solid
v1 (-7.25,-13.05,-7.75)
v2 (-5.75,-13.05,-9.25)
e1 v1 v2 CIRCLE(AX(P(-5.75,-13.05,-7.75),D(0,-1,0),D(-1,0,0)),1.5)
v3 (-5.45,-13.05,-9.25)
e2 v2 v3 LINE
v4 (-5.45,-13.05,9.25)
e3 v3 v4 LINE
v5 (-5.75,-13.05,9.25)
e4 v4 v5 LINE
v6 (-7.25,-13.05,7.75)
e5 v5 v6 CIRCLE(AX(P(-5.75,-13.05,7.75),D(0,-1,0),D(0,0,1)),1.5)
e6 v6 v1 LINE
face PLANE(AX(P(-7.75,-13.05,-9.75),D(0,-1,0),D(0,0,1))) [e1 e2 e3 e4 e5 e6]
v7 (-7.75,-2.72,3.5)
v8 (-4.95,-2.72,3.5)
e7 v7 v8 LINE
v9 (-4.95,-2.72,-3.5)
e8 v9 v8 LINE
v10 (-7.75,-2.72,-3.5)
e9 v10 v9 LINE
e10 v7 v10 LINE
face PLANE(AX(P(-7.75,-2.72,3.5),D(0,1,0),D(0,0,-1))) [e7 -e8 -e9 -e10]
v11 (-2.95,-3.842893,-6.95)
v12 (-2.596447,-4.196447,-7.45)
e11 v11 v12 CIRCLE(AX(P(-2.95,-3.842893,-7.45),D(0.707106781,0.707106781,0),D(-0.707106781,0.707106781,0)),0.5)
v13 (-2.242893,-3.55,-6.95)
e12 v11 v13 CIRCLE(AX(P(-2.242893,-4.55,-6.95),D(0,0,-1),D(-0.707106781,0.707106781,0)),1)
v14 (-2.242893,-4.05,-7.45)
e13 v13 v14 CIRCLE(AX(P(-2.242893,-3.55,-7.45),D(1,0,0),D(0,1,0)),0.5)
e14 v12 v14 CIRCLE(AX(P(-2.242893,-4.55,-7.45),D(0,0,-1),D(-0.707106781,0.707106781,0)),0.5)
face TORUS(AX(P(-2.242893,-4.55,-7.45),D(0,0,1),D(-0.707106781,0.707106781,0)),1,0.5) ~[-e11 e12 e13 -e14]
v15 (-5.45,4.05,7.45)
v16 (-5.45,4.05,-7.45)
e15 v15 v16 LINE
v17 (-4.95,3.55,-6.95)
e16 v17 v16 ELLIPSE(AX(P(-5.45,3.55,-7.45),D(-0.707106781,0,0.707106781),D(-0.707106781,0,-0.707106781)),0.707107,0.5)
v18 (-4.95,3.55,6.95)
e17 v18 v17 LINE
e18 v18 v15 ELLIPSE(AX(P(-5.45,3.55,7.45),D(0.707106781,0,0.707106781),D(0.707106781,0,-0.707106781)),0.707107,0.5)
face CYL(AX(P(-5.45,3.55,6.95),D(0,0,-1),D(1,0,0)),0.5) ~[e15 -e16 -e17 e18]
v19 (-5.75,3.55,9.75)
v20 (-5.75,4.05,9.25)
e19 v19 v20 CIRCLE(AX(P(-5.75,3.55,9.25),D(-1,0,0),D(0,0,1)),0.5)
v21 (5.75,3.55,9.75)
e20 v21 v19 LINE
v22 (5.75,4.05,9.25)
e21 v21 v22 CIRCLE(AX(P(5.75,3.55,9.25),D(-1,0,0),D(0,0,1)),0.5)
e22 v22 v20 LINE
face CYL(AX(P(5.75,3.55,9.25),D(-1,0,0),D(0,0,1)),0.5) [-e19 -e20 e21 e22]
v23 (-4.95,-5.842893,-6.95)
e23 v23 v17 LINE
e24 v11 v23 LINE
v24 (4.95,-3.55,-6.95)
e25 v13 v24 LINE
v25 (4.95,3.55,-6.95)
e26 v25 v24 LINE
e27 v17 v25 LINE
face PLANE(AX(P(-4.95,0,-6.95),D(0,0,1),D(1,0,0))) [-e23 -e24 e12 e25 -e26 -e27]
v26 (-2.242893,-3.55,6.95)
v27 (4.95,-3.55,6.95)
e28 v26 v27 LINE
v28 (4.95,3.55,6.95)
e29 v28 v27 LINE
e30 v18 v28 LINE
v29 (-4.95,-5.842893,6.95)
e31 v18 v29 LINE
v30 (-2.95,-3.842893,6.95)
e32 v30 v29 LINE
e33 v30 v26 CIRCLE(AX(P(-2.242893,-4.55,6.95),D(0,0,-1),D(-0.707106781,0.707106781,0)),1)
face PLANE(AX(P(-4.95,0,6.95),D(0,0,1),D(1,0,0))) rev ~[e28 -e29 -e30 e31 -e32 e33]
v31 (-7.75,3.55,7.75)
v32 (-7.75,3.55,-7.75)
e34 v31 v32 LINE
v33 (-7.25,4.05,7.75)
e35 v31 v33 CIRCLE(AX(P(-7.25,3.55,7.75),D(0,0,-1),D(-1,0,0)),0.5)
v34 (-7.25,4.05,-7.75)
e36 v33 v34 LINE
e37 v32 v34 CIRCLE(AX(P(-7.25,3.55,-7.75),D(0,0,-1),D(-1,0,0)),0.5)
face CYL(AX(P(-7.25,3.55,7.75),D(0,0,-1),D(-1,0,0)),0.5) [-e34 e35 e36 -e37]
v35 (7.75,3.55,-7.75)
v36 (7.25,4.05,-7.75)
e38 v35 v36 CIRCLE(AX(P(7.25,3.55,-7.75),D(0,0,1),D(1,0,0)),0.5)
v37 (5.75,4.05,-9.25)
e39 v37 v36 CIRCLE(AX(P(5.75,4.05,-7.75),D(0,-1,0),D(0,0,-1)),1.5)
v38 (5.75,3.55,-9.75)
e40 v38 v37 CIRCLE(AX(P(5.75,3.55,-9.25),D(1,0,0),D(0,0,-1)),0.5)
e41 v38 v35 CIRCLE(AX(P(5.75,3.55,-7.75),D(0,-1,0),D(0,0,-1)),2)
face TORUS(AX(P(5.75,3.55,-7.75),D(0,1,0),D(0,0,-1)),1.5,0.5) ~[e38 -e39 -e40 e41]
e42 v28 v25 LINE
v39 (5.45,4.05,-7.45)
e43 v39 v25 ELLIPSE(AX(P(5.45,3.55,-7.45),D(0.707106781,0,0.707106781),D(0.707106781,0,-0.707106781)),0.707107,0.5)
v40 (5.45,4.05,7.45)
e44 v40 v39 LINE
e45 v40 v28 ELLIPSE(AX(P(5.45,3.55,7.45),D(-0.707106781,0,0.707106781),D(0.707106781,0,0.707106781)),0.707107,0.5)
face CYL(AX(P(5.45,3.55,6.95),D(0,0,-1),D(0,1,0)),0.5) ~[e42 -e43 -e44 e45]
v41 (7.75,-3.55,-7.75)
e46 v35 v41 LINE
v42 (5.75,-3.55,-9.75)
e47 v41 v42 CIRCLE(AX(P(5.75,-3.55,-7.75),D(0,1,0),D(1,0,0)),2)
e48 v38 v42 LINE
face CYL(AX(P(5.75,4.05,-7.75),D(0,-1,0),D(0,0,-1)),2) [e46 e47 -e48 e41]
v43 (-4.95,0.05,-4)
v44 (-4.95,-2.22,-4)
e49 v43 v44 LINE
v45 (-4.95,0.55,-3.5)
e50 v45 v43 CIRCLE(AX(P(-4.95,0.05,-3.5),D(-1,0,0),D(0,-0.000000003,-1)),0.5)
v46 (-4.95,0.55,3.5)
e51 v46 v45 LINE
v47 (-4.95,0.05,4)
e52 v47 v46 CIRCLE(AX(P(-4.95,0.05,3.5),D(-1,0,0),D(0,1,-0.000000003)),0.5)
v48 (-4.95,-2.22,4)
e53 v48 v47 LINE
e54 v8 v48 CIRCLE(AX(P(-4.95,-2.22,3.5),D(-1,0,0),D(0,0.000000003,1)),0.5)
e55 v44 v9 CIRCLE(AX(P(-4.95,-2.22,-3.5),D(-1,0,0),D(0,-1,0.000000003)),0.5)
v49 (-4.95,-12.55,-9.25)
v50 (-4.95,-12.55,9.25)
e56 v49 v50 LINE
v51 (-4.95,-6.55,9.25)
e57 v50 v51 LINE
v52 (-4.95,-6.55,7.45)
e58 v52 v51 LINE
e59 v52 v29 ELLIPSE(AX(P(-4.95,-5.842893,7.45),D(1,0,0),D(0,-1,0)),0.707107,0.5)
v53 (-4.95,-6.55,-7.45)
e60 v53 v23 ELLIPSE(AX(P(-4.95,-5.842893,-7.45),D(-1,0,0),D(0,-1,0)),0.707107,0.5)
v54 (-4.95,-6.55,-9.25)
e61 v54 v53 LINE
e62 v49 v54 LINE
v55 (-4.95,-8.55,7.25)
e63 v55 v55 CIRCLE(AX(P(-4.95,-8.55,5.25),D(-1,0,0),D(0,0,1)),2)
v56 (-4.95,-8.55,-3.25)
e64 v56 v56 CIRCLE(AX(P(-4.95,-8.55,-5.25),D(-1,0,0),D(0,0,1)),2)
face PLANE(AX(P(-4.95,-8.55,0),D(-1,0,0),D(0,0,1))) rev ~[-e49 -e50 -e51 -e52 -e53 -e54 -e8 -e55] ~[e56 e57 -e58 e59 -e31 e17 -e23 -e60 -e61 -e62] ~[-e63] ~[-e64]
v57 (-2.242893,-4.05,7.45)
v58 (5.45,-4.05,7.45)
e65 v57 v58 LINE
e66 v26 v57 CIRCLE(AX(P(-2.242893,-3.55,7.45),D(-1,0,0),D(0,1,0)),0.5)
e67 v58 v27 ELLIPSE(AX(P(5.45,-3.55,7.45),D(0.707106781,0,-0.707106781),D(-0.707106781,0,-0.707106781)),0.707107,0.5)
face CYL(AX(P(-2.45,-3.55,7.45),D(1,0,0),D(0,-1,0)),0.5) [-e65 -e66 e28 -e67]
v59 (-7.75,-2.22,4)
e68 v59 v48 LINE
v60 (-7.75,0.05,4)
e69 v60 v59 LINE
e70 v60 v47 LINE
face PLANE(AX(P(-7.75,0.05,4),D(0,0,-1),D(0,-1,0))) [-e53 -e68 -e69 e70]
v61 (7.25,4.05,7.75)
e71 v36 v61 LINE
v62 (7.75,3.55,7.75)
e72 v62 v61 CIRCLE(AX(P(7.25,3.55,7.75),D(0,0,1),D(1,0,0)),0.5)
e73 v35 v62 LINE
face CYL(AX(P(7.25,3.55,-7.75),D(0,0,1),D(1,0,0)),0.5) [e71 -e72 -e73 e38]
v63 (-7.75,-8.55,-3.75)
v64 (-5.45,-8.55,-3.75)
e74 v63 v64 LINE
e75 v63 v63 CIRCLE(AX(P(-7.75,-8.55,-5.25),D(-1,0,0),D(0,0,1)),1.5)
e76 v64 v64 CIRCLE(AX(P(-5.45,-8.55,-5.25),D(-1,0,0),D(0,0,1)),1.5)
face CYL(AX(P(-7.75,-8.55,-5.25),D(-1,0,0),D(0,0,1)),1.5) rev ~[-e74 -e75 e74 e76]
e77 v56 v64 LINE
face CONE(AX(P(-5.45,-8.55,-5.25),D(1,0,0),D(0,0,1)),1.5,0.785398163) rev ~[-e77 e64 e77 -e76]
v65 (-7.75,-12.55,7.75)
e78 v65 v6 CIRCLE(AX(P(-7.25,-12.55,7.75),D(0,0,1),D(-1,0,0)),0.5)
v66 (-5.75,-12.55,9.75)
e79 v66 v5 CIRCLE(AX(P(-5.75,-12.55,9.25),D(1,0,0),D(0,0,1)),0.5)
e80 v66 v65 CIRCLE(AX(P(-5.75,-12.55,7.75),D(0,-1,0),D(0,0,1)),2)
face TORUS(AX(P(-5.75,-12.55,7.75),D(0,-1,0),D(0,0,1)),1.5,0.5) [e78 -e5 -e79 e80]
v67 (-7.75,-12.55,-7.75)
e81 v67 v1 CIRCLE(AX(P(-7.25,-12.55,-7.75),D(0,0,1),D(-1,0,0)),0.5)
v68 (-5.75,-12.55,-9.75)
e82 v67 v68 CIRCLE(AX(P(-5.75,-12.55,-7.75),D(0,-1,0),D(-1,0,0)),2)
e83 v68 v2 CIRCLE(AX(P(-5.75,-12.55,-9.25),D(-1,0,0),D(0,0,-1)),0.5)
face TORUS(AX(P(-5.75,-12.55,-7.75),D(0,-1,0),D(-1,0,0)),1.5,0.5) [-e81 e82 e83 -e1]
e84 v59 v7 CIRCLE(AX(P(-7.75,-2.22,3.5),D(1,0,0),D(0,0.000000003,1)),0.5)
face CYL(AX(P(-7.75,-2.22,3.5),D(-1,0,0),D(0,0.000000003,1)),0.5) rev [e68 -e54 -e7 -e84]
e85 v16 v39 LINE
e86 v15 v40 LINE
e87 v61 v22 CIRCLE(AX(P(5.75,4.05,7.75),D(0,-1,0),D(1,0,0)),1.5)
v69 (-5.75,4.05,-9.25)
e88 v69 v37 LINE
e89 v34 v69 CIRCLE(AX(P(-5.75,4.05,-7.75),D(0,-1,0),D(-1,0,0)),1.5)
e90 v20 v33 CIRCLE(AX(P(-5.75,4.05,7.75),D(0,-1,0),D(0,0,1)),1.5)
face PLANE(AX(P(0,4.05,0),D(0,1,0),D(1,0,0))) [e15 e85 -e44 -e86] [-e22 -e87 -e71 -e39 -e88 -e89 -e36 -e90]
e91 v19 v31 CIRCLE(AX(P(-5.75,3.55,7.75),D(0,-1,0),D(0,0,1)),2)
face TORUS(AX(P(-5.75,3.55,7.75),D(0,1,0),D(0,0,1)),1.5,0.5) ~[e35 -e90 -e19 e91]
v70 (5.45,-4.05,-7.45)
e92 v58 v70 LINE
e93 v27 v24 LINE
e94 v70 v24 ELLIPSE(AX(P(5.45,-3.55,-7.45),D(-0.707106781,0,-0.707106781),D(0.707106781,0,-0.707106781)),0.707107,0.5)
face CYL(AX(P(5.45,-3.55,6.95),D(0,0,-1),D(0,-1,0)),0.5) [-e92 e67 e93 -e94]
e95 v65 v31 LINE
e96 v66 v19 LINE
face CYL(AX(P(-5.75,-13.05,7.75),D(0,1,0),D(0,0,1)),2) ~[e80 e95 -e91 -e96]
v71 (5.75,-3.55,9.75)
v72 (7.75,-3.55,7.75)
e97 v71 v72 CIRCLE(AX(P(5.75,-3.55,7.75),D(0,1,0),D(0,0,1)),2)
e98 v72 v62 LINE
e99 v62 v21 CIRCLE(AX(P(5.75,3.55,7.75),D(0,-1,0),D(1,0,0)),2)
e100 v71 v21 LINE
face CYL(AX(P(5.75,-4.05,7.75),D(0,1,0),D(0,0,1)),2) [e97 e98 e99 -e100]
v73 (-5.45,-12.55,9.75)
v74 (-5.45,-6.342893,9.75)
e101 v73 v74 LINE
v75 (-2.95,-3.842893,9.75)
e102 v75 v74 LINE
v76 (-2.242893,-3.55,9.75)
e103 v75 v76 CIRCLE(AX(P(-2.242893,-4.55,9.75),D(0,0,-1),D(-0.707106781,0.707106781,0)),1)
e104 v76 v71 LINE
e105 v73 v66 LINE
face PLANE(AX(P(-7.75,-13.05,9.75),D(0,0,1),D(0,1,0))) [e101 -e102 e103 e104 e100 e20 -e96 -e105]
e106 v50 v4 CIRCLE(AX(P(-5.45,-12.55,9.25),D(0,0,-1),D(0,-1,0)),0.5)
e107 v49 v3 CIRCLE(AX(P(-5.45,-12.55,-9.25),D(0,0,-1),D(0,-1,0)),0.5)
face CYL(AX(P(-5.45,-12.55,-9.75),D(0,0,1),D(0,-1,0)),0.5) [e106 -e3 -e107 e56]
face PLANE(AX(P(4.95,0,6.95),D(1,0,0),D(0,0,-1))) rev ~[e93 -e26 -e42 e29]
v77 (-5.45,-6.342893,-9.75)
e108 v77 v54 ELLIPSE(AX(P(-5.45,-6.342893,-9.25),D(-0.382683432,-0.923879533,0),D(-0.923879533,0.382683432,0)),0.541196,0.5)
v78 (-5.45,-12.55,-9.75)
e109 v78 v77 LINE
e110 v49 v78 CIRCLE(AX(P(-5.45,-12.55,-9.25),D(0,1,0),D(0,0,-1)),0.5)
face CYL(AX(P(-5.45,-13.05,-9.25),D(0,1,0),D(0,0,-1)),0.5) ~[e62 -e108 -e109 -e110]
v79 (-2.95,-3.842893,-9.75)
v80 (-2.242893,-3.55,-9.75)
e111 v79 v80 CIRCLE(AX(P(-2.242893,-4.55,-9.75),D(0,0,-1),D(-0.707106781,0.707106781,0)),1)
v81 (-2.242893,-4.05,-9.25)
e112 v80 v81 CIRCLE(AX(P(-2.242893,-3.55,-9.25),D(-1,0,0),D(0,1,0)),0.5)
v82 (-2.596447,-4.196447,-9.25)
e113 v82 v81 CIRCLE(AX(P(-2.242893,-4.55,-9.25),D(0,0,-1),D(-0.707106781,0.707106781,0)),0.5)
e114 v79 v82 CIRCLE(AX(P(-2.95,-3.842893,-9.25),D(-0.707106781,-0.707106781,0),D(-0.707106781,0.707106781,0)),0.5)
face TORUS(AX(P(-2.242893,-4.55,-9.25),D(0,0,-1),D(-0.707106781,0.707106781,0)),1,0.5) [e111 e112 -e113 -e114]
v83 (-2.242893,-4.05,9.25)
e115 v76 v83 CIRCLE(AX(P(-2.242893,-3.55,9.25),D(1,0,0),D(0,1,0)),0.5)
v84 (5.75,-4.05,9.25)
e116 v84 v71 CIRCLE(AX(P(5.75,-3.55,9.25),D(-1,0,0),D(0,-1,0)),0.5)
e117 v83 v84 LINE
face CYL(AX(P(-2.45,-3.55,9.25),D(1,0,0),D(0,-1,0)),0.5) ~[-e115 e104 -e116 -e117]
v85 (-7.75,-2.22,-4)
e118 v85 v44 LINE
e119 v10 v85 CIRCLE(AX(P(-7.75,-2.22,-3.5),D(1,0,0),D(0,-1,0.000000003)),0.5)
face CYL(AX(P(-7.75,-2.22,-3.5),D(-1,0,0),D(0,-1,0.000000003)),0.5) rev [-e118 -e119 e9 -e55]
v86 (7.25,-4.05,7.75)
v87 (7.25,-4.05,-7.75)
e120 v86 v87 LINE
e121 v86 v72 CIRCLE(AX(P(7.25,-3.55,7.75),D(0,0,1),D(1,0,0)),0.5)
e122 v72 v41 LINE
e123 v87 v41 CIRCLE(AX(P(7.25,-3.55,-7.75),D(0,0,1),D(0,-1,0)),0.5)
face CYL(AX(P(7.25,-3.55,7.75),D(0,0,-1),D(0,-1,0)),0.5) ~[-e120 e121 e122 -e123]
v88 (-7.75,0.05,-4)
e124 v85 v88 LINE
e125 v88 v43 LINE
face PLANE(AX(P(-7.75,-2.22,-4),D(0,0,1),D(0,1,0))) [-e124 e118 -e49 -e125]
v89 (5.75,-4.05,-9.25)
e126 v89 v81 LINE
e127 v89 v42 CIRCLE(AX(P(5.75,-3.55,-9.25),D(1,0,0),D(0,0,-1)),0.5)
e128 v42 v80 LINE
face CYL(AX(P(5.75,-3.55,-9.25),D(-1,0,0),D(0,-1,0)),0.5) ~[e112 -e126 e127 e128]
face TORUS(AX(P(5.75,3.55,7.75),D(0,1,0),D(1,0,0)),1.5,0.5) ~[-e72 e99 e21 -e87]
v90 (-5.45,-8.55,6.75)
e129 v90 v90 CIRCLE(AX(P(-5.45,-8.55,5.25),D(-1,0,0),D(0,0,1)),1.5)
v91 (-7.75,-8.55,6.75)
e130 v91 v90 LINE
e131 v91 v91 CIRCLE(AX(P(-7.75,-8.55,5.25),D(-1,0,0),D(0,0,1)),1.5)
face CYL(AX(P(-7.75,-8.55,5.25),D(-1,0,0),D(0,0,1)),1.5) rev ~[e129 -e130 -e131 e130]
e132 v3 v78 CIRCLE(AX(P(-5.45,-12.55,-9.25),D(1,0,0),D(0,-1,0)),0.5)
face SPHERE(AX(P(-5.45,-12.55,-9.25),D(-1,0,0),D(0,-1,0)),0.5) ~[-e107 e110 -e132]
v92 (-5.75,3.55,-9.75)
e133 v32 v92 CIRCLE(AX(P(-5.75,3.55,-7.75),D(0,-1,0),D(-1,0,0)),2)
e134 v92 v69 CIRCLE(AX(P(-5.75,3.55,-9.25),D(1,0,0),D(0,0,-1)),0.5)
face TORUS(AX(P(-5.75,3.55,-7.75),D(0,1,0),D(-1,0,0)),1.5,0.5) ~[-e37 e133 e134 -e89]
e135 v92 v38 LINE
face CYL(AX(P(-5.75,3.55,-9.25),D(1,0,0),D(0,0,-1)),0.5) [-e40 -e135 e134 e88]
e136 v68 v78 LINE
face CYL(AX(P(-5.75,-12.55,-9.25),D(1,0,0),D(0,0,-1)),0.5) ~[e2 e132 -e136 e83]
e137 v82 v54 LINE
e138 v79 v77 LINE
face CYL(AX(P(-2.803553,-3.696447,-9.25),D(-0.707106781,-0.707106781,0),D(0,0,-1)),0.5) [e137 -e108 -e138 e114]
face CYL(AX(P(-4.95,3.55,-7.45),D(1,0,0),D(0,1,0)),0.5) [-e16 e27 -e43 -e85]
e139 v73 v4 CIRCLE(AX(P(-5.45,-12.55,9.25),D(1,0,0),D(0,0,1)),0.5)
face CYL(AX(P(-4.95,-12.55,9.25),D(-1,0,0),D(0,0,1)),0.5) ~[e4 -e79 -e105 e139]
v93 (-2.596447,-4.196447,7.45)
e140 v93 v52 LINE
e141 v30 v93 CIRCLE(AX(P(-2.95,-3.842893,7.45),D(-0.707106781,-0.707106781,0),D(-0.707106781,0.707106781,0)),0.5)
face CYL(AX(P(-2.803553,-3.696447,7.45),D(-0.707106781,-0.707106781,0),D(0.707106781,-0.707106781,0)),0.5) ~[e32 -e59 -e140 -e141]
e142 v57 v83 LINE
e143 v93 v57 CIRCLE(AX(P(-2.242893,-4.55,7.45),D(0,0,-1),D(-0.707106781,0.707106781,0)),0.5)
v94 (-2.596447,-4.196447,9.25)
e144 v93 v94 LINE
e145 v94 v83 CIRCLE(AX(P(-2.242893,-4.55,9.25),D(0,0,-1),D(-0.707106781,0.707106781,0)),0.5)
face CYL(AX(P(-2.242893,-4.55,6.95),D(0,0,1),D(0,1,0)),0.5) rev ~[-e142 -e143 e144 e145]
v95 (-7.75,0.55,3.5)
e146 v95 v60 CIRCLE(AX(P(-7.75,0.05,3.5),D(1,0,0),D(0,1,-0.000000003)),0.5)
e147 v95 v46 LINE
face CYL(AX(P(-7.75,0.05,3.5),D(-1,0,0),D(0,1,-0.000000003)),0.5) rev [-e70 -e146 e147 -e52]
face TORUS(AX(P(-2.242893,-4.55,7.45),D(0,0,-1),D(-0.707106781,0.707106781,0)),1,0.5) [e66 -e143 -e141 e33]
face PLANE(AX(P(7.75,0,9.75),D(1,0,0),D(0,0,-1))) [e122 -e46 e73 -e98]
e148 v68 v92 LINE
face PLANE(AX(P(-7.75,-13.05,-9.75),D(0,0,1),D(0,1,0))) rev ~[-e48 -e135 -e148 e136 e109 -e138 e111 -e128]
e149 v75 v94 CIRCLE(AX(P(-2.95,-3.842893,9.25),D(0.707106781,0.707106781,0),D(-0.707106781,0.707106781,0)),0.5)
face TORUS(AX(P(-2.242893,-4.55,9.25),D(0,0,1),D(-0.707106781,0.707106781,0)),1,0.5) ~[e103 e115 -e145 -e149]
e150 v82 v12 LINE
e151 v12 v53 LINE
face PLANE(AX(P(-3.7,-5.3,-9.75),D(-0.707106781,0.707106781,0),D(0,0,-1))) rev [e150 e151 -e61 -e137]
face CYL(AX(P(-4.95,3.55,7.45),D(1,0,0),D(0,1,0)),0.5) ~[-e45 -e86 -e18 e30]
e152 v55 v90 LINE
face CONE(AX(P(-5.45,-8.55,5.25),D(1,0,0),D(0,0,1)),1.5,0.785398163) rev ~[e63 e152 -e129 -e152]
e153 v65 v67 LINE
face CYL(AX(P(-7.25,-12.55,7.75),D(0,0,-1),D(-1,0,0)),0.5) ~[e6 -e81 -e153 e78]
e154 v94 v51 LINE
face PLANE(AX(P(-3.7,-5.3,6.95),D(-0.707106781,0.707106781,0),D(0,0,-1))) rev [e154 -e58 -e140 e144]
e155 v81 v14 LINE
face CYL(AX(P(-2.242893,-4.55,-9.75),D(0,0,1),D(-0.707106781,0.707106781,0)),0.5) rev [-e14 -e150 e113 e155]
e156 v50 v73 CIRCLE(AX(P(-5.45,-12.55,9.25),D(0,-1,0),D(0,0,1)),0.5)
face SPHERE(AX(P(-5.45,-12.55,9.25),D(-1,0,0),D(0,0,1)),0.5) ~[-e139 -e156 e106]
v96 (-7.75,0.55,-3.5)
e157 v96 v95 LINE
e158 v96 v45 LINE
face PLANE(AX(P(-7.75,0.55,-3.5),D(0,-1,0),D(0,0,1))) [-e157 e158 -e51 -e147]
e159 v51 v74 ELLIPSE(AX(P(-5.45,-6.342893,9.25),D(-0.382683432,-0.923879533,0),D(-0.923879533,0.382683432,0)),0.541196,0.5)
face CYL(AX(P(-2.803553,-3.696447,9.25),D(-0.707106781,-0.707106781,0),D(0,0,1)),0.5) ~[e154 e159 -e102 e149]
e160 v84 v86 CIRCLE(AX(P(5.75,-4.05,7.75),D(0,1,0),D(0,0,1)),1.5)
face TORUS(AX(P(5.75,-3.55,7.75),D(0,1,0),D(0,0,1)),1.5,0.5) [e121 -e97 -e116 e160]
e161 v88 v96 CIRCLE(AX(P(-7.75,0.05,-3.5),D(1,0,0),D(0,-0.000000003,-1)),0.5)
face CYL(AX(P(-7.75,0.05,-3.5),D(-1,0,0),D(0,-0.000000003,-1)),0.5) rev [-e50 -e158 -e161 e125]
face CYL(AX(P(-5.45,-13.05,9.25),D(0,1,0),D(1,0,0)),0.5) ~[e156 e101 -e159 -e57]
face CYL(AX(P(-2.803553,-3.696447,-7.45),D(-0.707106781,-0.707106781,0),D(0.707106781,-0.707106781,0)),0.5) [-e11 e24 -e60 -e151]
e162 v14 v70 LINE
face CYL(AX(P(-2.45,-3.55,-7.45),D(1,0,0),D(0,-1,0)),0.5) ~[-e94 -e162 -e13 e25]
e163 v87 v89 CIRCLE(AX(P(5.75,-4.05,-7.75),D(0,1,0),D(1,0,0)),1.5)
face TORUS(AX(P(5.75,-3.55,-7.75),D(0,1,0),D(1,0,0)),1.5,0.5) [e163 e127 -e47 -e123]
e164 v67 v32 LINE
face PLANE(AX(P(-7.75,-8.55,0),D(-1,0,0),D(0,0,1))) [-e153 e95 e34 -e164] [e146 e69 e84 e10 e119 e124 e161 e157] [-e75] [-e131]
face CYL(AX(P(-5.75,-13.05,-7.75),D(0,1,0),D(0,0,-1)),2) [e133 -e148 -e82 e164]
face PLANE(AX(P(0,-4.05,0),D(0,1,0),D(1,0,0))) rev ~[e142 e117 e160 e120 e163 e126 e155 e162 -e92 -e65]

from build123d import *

# Parameters (mm, degrees)
SKETCH1_W                      = 15.5
SKETCH1_H                      = 19.5
SKETCH1_W_2                    = 9.9
SKETCH1_H_2                    = 13.9
BOSS_EXTRUDE1_DEPTH            = 4.05
SKETCH2_W                      = 19.5
SKETCH2_H                      = 9
SKETCH2_R                      = 1.5
BOSS_EXTRUDE2_DEPTH            = 2.8
CHAMFER1_SIZE                  = 2.5
FILLET1_R                      = 2
FILLET2_R                      = 0.5
CHAMFER2_SIZE                  = 0.5
CUT_EXTRUDE1_DEPTH             = 1.0000001
CUT_EXTRUDE1_DIRECTION_2_REACH = 17.5


with BuildPart() as part:
    # Sketch1 → Boss-Extrude1 (new body, symmetric)
    with BuildSketch(Plane(origin=(0, 0, 0), x_dir=(1, 0, 0), z_dir=(0, 1, 0))):
        Rectangle(SKETCH1_W, SKETCH1_H)
        Rectangle(SKETCH1_W_2, SKETCH1_H_2, mode=Mode.SUBTRACT)
    extrude(amount=BOSS_EXTRUDE1_DEPTH, both=True)

    # Sketch2 → Boss-Extrude2 (add)
    with BuildSketch(Plane.ZY.offset(7.75)):
        with Locations((0, -8.55)):
            Rectangle(SKETCH2_W, SKETCH2_H)
        with Locations((-5.25, -8.55)):
            Circle(SKETCH2_R, mode=Mode.SUBTRACT)
        with Locations((5.25, -8.55)):
            Circle(SKETCH2_R, mode=Mode.SUBTRACT)
    extrude(amount=-BOSS_EXTRUDE2_DEPTH)

    # Chamfer1
    chamfer1_edges = [part.edges().sort_by_distance(p)[0] for p in [
        (-4.95, -4.05, -8.35),
        (-4.95, -4.05, 8.35),
    ]]
    chamfer(chamfer1_edges, length=CHAMFER1_SIZE)

    # Fillet1
    fillet1_edges = [part.edges().sort_by_distance(p)[0] for p in [
        (-7.75, -4.5, -9.75),
        (7.75, 0, -9.75),
        (7.75, 0, 9.75),
        (-7.75, -4.5, 9.75),
    ]]
    fillet(fillet1_edges, radius=FILLET1_R)

    # Fillet2
    fillet2_edges = [part.edges().sort_by_distance(p)[0] for p in [
        (4.95, -4.05, 0),
        (1.25, -4.05, -6.95),
        (-4.95, 4.05, 0),
        (0, 4.05, 6.95),
        (4.95, 4.05, 0),
        (0, 4.05, -6.95),
        (-5.35, -13.05, -9.75),
        (-4.95, -9.8, 9.75),
        (-4.95, -13.05, 0),
        (-5.35, -13.05, 9.75),
        (1.65, -4.05, 9.75),
        (1.25, -4.05, 6.95),
        (-2.45, -4.05, 8.35),
        (-2.45, -4.05, -8.35),
        (-4.95, -9.8, -9.75),
        (-3.7, -5.3, -9.75),
        (-3.7, -5.3, -6.95),
        (-3.7, -5.3, 6.95),
        (-3.7, -5.3, 9.75),
        (1.65, -4.05, -9.75),
        (0, 4.05, -9.75),
        (7.75, -4.05, 0),
        (7.164213562, -4.05, 9.164213562),
        (7.164213562, -4.05, -9.164213562),
        (7.75, 4.05, 0),
        (-7.75, 4.05, 0),
        (0, 4.05, 9.75),
        (-7.164213562, 4.05, 9.164213562),
        (-7.164213562, 4.05, -9.164213562),
        (7.164213562, 4.05, 9.164213562),
        (7.164213562, 4.05, -9.164213562),
        (-7.75, -13.05, 0),
        (-7.164213562, -13.05, 9.164213562),
        (-7.164213562, -13.05, -9.164213562),
    ]]
    fillet(fillet2_edges, radius=FILLET2_R)

    # Chamfer2
    chamfer2_edges = [part.edges().sort_by_distance(p)[0] for p in [
        (-4.95, -8.55, 3.75),
        (-4.95, -8.55, -6.75),
    ]]
    chamfer(chamfer2_edges, length=CHAMFER2_SIZE)

    # Sketch3 → Cut-Extrude1 (cut)
    with BuildSketch(Plane.ZY.offset(7.75)):
        with BuildLine():
            Line((-3.5, 0.55), (3.5, 0.55))
            ThreePointArc((3.5, 0.55), (3.853553391, 0.403553391), (4, 0.05))
            Line((4, 0.05), (4, -2.22))
            ThreePointArc((4, -2.22), (3.853553391, -2.573553391), (3.5, -2.72))
            Line((3.5, -2.72), (-3.5, -2.72))
            ThreePointArc((-3.5, -2.72), (-3.853553391, -2.573553391), (-4, -2.22))
            Line((-4, -2.22), (-4, 0.05))
            ThreePointArc((-4, 0.05), (-3.853553391, 0.403553391), (-3.5, 0.55))
        make_face()
    extrude(amount=CUT_EXTRUDE1_DEPTH, mode=Mode.SUBTRACT)

    # Sketch3 → Cut-Extrude1 direction 2 (cut, up to next)
    with BuildSketch(Plane.ZY.offset(7.75), mode=Mode.PRIVATE) as cut_extrude1_direction_2_sk1:
        with BuildLine():
            Line((-3.5, 0.55), (3.5, 0.55))
            ThreePointArc((3.5, 0.55), (3.853553391, 0.403553391), (4, 0.05))
            Line((4, 0.05), (4, -2.22))
            ThreePointArc((4, -2.22), (3.853553391, -2.573553391), (3.5, -2.72))
            Line((3.5, -2.72), (-3.5, -2.72))
            ThreePointArc((-3.5, -2.72), (-3.853553391, -2.573553391), (-4, -2.22))
            Line((-4, -2.22), (-4, 0.05))
            ThreePointArc((-4, 0.05), (-3.853553391, 0.403553391), (-3.5, 0.55))
        make_face()
    cut_extrude1_direction_2_tool1 = extrude(cut_extrude1_direction_2_sk1.sketch, amount=-CUT_EXTRUDE1_DIRECTION_2_REACH, mode=Mode.PRIVATE) & part.part
    add(cut_extrude1_direction_2_tool1.solids().sort_by_distance((-7.75, -1.085, 0))[0], mode=Mode.SUBTRACT)


solid = part.part
